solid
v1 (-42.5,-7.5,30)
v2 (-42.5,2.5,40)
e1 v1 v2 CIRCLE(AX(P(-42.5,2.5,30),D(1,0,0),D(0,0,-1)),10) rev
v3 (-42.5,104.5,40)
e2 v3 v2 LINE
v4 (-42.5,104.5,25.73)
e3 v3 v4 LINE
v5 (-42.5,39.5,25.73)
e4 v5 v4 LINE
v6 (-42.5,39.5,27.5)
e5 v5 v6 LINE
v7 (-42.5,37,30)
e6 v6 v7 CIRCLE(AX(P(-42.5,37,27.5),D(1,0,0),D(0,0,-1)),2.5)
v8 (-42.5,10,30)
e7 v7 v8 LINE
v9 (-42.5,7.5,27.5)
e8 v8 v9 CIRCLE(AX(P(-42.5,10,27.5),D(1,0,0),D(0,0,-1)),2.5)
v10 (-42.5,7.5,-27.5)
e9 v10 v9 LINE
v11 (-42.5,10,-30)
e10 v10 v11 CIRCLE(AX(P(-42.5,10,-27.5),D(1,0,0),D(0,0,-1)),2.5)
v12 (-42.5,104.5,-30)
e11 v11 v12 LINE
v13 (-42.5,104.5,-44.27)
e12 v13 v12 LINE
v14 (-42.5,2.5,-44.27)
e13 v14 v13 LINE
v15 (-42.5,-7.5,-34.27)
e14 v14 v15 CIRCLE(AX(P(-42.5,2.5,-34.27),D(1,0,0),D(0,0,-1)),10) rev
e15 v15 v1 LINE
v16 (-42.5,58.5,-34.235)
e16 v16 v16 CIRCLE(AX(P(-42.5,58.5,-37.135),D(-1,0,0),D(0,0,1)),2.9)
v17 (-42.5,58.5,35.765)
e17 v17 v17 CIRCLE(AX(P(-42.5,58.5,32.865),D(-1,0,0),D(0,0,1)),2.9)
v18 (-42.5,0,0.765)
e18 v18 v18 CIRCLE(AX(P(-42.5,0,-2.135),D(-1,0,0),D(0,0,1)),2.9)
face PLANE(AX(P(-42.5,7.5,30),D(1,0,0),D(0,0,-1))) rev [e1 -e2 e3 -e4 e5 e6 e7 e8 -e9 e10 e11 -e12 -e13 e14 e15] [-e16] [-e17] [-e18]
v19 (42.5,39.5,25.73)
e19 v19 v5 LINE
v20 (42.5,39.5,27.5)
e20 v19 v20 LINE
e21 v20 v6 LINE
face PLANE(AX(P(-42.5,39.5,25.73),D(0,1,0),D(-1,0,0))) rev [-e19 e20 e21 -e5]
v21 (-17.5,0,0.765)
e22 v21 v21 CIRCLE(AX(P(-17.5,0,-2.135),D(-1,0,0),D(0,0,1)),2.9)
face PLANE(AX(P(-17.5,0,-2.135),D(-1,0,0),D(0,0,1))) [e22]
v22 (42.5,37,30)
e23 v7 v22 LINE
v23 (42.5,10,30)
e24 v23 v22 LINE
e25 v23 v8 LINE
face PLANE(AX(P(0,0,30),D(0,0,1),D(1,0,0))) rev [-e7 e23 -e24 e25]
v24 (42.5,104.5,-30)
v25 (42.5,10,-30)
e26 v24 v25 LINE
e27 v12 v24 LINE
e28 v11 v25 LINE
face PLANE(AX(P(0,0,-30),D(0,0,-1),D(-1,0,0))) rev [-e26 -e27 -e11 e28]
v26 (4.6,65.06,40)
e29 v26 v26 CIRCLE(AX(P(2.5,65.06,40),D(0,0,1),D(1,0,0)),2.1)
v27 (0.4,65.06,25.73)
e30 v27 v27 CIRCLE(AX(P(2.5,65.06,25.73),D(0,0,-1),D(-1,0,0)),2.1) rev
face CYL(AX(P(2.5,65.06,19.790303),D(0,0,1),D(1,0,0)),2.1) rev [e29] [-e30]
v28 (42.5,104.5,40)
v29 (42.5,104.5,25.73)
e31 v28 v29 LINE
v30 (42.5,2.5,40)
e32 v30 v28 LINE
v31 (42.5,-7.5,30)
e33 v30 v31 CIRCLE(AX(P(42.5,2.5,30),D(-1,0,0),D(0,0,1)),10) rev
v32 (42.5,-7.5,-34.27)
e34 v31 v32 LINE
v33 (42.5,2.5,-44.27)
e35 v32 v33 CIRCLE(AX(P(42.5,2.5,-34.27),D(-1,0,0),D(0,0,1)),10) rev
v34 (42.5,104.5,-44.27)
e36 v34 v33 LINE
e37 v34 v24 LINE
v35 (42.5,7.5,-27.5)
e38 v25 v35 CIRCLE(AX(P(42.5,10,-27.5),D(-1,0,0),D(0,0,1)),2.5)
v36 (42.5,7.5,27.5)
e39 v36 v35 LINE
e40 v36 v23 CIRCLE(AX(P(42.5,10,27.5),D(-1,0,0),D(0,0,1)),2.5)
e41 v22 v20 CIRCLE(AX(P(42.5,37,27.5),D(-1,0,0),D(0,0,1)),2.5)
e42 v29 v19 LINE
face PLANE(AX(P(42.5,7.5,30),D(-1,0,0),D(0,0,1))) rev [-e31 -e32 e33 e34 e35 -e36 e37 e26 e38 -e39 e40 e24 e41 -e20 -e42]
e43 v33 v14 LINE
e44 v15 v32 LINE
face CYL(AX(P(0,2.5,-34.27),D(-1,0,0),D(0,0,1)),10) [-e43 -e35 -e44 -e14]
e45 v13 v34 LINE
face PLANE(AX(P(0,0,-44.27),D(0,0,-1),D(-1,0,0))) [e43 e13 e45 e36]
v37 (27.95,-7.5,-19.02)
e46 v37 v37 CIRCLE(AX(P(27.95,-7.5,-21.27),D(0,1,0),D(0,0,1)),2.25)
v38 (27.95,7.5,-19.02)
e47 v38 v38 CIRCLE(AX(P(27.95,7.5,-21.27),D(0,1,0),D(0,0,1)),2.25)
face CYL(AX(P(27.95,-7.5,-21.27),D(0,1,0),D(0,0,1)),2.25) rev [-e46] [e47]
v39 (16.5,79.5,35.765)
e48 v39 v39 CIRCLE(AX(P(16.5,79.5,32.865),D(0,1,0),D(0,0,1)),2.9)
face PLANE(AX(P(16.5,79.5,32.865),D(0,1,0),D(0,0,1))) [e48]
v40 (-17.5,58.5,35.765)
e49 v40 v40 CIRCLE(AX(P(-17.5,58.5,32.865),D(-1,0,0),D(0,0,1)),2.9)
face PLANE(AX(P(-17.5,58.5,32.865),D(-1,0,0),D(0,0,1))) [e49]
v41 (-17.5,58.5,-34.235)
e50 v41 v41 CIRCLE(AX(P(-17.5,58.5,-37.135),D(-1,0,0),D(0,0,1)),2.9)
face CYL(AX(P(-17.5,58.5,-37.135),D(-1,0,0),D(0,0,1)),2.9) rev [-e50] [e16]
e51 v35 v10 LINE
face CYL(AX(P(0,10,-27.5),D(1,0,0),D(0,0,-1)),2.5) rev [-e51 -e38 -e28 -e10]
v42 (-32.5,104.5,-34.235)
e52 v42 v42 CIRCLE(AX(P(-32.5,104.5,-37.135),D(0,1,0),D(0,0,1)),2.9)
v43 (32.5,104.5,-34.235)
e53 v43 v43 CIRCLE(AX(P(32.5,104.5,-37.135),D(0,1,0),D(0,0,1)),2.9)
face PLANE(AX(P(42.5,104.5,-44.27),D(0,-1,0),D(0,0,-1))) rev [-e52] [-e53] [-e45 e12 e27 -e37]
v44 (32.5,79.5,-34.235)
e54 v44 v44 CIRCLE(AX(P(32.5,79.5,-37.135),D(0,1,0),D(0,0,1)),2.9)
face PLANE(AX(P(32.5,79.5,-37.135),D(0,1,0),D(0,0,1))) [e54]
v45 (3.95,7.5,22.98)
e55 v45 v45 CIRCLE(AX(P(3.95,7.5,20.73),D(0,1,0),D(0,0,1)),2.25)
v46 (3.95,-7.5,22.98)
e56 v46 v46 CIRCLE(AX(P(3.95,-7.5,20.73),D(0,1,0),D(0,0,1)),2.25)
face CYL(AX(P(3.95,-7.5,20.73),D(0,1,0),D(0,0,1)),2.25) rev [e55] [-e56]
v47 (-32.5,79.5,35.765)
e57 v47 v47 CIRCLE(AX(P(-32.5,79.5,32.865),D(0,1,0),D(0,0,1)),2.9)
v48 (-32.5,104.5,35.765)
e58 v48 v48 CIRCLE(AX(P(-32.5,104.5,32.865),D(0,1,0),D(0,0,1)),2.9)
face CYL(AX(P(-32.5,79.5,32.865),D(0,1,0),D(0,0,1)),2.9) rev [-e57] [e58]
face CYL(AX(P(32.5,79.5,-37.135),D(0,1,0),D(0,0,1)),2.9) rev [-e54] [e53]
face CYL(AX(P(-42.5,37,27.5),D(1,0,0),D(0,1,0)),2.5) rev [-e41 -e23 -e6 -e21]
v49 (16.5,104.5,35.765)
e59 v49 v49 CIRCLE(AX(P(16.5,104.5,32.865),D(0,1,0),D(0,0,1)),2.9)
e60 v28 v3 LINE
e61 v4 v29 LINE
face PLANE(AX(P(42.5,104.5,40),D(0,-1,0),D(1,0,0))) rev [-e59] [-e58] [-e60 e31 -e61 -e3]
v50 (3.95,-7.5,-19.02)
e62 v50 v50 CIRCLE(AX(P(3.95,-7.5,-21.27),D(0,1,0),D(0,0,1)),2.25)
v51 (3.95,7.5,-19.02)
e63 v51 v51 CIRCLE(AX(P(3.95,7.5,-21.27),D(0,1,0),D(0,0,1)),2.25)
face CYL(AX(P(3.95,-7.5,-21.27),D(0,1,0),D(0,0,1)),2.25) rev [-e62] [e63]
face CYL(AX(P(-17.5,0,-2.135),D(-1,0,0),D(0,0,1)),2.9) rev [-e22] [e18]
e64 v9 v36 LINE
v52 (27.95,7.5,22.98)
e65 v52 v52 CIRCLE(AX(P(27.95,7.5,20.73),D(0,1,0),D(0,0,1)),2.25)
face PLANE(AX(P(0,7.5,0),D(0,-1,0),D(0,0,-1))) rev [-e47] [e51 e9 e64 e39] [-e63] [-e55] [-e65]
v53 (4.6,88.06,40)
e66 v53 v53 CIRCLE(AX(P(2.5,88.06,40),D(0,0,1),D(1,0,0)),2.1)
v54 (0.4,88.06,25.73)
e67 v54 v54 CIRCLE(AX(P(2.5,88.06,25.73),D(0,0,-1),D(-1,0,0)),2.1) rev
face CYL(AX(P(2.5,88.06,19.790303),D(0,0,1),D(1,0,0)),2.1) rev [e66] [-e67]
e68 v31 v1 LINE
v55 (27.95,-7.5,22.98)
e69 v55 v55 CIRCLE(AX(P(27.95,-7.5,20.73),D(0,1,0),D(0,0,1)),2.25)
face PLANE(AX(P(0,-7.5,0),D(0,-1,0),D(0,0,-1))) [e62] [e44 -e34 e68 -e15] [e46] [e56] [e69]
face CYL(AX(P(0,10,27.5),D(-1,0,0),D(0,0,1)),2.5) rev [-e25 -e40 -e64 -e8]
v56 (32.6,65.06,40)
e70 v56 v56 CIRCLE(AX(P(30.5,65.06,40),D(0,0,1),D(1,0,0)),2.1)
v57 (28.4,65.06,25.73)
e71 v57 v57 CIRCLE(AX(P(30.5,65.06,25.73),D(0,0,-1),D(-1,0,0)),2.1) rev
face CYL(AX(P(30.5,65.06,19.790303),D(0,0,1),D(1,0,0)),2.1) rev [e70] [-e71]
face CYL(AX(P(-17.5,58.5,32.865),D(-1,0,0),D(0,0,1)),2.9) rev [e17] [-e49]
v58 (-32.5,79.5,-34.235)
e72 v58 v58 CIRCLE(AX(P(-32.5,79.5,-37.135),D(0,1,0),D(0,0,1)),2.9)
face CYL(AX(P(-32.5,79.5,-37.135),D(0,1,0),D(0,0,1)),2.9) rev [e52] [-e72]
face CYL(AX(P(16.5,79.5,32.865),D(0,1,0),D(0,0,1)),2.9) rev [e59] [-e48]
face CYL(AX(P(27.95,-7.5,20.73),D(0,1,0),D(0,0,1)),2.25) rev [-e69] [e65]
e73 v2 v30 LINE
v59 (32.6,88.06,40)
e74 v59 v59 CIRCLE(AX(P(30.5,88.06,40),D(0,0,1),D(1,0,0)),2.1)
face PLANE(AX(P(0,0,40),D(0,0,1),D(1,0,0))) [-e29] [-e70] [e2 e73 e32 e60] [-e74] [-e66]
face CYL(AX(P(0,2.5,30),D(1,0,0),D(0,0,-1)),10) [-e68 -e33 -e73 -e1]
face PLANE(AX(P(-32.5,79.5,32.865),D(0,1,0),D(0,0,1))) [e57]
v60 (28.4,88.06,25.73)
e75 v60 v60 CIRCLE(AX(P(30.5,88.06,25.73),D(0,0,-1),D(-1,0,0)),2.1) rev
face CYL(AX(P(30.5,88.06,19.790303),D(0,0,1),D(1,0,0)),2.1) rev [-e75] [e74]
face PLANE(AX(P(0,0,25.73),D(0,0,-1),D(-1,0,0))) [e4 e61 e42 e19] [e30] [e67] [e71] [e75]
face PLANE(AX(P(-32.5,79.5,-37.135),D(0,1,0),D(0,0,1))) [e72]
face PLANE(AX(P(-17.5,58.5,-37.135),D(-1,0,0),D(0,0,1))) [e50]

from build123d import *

# Parameters (mm, degrees)
SKETCH1_W           = 85
SKETCH1_H           = 60
BOSS_EXTRUDE1_DEPTH = 7.5
SKETCH2_R           = 2.25
CUT_EXTRUDE1_DEPTH  = 55.141019569
SKETCH3_W           = 85
SKETCH3_H           = 112
BOSS_EXTRUDE2_DEPTH = 10
FILLET1_R           = 10
SKETCH4_W           = 85
SKETCH4_H           = 65
BOSS_EXTRUDE3_DEPTH = 4.27
SKETCH5_W           = 85
SKETCH5_H           = 112
BOSS_EXTRUDE4_DEPTH = 14.27
FILLET2_R           = 10
FILLET3_R           = 2.5
FILLET4_R           = 2.5
FILLET5_R           = 2.5
SKETCH8_R           = 2.9
CUT_EXTRUDE2_DEPTH  = 25
SKETCH9_R           = 2.1
CUT_EXTRUDE3_DEPTH  = 14.27
SKETCH6_R           = 2.9
CUT_EXTRUDE4_DEPTH  = 25


with BuildPart() as part:
    # Sketch1 → Boss-Extrude1 (new, symmetric)
    with BuildSketch(Plane(origin=(0, 0, 0), x_dir=(1, 0, 0), z_dir=(0, 1, 0))):
        Rectangle(SKETCH1_W, SKETCH1_H)
    extrude(amount=BOSS_EXTRUDE1_DEPTH, both=True)

    # Sketch2 → Cut-Extrude1 (cut, through all)
    with BuildSketch(Plane(origin=(0, 7.5, 0), x_dir=(1, 0, 0), z_dir=(0, 1, 0))):
        with Locations(Location((3.95, -20.73, 0), (0, 0, 270))):
            Circle(SKETCH2_R)
        with Locations(Location((3.95, 21.27, 0), (0, 0, 270))):
            Circle(SKETCH2_R)
        with Locations(Location((27.95, 21.27, 0), (0, 0, 270))):
            Circle(SKETCH2_R)
        with Locations(Location((27.95, -20.73, 0), (0, 0, 270))):
            Circle(SKETCH2_R)
    extrude(amount=-CUT_EXTRUDE1_DEPTH, mode=Mode.SUBTRACT)

    # Sketch3 → Boss-Extrude2 (add)
    with BuildSketch(Plane.XY.offset(30)):
        with Locations((0, 48.5)):
            Rectangle(SKETCH3_W, SKETCH3_H)
    extrude(amount=BOSS_EXTRUDE2_DEPTH)

    # Fillet1
    fillet1_edges = [part.edges().sort_by_distance(p)[0] for p in [
        (0, -7.5, 40),
    ]]
    fillet(fillet1_edges, radius=FILLET1_R)

    # Sketch4 → Boss-Extrude3 (add)
    with BuildSketch(Plane(origin=(0, 0, 30), x_dir=(-1, 0, 0), z_dir=(0, 0, -1))):
        with Locations((0, 72)):
            Rectangle(SKETCH4_W, SKETCH4_H)
    extrude(amount=BOSS_EXTRUDE3_DEPTH)

    # Sketch5 → Boss-Extrude4 (add)
    with BuildSketch(Plane(origin=(0, 0, -30), x_dir=(-1, 0, 0), z_dir=(0, 0, -1))):
        with Locations((0, 48.5)):
            Rectangle(SKETCH5_W, SKETCH5_H)
    extrude(amount=BOSS_EXTRUDE4_DEPTH)

    # Fillet2
    fillet2_edges = [part.edges().sort_by_distance(p)[0] for p in [
        (0, -7.5, -44.27),
    ]]
    fillet(fillet2_edges, radius=FILLET2_R)

    # Fillet3
    fillet3_edges = [part.edges().sort_by_distance(p)[0] for p in [
        (0, 7.5, -30),
    ]]
    fillet(fillet3_edges, radius=FILLET3_R)

    # Fillet4
    fillet4_edges = [part.edges().sort_by_distance(p)[0] for p in [
        (0, 7.5, 30),
    ]]
    fillet(fillet4_edges, radius=FILLET4_R)

    # Fillet5
    fillet5_edges = [part.edges().sort_by_distance(p)[0] for p in [
        (0, 39.5, 30),
    ]]
    fillet(fillet5_edges, radius=FILLET5_R)

    # Sketch8 → Cut-Extrude2 (cut)
    with BuildSketch(Plane(origin=(0, 104.5, 0), x_dir=(1, 0, 0), z_dir=(0, 1, 0))):
        with Locations(Location((32.5, 37.135, 0), (0, 0, 270))):
            Circle(SKETCH8_R)
        with Locations(Location((-32.5, -32.865, 0), (0, 0, 270))):
            Circle(SKETCH8_R)
        with Locations(Location((-32.5, 37.135, 0), (0, 0, 270))):
            Circle(SKETCH8_R)
        with Locations(Location((16.5, -32.865, 0), (0, 0, 270))):
            Circle(SKETCH8_R)
    extrude(amount=-CUT_EXTRUDE2_DEPTH, mode=Mode.SUBTRACT)

    # Sketch9 → Cut-Extrude3 (cut)
    with BuildSketch(Plane.XY.offset(40)):
        with Locations((30.5, 88.06)):
            Circle(SKETCH9_R)
        with Locations((30.5, 65.06)):
            Circle(SKETCH9_R)
        with Locations((2.5, 65.06)):
            Circle(SKETCH9_R)
        with Locations((2.5, 88.06)):
            Circle(SKETCH9_R)
    extrude(amount=-CUT_EXTRUDE3_DEPTH, mode=Mode.SUBTRACT)

    # Sketch6 → Cut-Extrude4 (cut)
    with BuildSketch(Plane.ZY.offset(42.5)):
        with Locations((-37.135, 58.5)):
            Circle(SKETCH6_R)
        with Locations((32.865, 58.5)):
            Circle(SKETCH6_R)
        with Locations((-2.135, 0)):
            Circle(SKETCH6_R)
    extrude(amount=-CUT_EXTRUDE4_DEPTH, mode=Mode.SUBTRACT)


solid = part.part
